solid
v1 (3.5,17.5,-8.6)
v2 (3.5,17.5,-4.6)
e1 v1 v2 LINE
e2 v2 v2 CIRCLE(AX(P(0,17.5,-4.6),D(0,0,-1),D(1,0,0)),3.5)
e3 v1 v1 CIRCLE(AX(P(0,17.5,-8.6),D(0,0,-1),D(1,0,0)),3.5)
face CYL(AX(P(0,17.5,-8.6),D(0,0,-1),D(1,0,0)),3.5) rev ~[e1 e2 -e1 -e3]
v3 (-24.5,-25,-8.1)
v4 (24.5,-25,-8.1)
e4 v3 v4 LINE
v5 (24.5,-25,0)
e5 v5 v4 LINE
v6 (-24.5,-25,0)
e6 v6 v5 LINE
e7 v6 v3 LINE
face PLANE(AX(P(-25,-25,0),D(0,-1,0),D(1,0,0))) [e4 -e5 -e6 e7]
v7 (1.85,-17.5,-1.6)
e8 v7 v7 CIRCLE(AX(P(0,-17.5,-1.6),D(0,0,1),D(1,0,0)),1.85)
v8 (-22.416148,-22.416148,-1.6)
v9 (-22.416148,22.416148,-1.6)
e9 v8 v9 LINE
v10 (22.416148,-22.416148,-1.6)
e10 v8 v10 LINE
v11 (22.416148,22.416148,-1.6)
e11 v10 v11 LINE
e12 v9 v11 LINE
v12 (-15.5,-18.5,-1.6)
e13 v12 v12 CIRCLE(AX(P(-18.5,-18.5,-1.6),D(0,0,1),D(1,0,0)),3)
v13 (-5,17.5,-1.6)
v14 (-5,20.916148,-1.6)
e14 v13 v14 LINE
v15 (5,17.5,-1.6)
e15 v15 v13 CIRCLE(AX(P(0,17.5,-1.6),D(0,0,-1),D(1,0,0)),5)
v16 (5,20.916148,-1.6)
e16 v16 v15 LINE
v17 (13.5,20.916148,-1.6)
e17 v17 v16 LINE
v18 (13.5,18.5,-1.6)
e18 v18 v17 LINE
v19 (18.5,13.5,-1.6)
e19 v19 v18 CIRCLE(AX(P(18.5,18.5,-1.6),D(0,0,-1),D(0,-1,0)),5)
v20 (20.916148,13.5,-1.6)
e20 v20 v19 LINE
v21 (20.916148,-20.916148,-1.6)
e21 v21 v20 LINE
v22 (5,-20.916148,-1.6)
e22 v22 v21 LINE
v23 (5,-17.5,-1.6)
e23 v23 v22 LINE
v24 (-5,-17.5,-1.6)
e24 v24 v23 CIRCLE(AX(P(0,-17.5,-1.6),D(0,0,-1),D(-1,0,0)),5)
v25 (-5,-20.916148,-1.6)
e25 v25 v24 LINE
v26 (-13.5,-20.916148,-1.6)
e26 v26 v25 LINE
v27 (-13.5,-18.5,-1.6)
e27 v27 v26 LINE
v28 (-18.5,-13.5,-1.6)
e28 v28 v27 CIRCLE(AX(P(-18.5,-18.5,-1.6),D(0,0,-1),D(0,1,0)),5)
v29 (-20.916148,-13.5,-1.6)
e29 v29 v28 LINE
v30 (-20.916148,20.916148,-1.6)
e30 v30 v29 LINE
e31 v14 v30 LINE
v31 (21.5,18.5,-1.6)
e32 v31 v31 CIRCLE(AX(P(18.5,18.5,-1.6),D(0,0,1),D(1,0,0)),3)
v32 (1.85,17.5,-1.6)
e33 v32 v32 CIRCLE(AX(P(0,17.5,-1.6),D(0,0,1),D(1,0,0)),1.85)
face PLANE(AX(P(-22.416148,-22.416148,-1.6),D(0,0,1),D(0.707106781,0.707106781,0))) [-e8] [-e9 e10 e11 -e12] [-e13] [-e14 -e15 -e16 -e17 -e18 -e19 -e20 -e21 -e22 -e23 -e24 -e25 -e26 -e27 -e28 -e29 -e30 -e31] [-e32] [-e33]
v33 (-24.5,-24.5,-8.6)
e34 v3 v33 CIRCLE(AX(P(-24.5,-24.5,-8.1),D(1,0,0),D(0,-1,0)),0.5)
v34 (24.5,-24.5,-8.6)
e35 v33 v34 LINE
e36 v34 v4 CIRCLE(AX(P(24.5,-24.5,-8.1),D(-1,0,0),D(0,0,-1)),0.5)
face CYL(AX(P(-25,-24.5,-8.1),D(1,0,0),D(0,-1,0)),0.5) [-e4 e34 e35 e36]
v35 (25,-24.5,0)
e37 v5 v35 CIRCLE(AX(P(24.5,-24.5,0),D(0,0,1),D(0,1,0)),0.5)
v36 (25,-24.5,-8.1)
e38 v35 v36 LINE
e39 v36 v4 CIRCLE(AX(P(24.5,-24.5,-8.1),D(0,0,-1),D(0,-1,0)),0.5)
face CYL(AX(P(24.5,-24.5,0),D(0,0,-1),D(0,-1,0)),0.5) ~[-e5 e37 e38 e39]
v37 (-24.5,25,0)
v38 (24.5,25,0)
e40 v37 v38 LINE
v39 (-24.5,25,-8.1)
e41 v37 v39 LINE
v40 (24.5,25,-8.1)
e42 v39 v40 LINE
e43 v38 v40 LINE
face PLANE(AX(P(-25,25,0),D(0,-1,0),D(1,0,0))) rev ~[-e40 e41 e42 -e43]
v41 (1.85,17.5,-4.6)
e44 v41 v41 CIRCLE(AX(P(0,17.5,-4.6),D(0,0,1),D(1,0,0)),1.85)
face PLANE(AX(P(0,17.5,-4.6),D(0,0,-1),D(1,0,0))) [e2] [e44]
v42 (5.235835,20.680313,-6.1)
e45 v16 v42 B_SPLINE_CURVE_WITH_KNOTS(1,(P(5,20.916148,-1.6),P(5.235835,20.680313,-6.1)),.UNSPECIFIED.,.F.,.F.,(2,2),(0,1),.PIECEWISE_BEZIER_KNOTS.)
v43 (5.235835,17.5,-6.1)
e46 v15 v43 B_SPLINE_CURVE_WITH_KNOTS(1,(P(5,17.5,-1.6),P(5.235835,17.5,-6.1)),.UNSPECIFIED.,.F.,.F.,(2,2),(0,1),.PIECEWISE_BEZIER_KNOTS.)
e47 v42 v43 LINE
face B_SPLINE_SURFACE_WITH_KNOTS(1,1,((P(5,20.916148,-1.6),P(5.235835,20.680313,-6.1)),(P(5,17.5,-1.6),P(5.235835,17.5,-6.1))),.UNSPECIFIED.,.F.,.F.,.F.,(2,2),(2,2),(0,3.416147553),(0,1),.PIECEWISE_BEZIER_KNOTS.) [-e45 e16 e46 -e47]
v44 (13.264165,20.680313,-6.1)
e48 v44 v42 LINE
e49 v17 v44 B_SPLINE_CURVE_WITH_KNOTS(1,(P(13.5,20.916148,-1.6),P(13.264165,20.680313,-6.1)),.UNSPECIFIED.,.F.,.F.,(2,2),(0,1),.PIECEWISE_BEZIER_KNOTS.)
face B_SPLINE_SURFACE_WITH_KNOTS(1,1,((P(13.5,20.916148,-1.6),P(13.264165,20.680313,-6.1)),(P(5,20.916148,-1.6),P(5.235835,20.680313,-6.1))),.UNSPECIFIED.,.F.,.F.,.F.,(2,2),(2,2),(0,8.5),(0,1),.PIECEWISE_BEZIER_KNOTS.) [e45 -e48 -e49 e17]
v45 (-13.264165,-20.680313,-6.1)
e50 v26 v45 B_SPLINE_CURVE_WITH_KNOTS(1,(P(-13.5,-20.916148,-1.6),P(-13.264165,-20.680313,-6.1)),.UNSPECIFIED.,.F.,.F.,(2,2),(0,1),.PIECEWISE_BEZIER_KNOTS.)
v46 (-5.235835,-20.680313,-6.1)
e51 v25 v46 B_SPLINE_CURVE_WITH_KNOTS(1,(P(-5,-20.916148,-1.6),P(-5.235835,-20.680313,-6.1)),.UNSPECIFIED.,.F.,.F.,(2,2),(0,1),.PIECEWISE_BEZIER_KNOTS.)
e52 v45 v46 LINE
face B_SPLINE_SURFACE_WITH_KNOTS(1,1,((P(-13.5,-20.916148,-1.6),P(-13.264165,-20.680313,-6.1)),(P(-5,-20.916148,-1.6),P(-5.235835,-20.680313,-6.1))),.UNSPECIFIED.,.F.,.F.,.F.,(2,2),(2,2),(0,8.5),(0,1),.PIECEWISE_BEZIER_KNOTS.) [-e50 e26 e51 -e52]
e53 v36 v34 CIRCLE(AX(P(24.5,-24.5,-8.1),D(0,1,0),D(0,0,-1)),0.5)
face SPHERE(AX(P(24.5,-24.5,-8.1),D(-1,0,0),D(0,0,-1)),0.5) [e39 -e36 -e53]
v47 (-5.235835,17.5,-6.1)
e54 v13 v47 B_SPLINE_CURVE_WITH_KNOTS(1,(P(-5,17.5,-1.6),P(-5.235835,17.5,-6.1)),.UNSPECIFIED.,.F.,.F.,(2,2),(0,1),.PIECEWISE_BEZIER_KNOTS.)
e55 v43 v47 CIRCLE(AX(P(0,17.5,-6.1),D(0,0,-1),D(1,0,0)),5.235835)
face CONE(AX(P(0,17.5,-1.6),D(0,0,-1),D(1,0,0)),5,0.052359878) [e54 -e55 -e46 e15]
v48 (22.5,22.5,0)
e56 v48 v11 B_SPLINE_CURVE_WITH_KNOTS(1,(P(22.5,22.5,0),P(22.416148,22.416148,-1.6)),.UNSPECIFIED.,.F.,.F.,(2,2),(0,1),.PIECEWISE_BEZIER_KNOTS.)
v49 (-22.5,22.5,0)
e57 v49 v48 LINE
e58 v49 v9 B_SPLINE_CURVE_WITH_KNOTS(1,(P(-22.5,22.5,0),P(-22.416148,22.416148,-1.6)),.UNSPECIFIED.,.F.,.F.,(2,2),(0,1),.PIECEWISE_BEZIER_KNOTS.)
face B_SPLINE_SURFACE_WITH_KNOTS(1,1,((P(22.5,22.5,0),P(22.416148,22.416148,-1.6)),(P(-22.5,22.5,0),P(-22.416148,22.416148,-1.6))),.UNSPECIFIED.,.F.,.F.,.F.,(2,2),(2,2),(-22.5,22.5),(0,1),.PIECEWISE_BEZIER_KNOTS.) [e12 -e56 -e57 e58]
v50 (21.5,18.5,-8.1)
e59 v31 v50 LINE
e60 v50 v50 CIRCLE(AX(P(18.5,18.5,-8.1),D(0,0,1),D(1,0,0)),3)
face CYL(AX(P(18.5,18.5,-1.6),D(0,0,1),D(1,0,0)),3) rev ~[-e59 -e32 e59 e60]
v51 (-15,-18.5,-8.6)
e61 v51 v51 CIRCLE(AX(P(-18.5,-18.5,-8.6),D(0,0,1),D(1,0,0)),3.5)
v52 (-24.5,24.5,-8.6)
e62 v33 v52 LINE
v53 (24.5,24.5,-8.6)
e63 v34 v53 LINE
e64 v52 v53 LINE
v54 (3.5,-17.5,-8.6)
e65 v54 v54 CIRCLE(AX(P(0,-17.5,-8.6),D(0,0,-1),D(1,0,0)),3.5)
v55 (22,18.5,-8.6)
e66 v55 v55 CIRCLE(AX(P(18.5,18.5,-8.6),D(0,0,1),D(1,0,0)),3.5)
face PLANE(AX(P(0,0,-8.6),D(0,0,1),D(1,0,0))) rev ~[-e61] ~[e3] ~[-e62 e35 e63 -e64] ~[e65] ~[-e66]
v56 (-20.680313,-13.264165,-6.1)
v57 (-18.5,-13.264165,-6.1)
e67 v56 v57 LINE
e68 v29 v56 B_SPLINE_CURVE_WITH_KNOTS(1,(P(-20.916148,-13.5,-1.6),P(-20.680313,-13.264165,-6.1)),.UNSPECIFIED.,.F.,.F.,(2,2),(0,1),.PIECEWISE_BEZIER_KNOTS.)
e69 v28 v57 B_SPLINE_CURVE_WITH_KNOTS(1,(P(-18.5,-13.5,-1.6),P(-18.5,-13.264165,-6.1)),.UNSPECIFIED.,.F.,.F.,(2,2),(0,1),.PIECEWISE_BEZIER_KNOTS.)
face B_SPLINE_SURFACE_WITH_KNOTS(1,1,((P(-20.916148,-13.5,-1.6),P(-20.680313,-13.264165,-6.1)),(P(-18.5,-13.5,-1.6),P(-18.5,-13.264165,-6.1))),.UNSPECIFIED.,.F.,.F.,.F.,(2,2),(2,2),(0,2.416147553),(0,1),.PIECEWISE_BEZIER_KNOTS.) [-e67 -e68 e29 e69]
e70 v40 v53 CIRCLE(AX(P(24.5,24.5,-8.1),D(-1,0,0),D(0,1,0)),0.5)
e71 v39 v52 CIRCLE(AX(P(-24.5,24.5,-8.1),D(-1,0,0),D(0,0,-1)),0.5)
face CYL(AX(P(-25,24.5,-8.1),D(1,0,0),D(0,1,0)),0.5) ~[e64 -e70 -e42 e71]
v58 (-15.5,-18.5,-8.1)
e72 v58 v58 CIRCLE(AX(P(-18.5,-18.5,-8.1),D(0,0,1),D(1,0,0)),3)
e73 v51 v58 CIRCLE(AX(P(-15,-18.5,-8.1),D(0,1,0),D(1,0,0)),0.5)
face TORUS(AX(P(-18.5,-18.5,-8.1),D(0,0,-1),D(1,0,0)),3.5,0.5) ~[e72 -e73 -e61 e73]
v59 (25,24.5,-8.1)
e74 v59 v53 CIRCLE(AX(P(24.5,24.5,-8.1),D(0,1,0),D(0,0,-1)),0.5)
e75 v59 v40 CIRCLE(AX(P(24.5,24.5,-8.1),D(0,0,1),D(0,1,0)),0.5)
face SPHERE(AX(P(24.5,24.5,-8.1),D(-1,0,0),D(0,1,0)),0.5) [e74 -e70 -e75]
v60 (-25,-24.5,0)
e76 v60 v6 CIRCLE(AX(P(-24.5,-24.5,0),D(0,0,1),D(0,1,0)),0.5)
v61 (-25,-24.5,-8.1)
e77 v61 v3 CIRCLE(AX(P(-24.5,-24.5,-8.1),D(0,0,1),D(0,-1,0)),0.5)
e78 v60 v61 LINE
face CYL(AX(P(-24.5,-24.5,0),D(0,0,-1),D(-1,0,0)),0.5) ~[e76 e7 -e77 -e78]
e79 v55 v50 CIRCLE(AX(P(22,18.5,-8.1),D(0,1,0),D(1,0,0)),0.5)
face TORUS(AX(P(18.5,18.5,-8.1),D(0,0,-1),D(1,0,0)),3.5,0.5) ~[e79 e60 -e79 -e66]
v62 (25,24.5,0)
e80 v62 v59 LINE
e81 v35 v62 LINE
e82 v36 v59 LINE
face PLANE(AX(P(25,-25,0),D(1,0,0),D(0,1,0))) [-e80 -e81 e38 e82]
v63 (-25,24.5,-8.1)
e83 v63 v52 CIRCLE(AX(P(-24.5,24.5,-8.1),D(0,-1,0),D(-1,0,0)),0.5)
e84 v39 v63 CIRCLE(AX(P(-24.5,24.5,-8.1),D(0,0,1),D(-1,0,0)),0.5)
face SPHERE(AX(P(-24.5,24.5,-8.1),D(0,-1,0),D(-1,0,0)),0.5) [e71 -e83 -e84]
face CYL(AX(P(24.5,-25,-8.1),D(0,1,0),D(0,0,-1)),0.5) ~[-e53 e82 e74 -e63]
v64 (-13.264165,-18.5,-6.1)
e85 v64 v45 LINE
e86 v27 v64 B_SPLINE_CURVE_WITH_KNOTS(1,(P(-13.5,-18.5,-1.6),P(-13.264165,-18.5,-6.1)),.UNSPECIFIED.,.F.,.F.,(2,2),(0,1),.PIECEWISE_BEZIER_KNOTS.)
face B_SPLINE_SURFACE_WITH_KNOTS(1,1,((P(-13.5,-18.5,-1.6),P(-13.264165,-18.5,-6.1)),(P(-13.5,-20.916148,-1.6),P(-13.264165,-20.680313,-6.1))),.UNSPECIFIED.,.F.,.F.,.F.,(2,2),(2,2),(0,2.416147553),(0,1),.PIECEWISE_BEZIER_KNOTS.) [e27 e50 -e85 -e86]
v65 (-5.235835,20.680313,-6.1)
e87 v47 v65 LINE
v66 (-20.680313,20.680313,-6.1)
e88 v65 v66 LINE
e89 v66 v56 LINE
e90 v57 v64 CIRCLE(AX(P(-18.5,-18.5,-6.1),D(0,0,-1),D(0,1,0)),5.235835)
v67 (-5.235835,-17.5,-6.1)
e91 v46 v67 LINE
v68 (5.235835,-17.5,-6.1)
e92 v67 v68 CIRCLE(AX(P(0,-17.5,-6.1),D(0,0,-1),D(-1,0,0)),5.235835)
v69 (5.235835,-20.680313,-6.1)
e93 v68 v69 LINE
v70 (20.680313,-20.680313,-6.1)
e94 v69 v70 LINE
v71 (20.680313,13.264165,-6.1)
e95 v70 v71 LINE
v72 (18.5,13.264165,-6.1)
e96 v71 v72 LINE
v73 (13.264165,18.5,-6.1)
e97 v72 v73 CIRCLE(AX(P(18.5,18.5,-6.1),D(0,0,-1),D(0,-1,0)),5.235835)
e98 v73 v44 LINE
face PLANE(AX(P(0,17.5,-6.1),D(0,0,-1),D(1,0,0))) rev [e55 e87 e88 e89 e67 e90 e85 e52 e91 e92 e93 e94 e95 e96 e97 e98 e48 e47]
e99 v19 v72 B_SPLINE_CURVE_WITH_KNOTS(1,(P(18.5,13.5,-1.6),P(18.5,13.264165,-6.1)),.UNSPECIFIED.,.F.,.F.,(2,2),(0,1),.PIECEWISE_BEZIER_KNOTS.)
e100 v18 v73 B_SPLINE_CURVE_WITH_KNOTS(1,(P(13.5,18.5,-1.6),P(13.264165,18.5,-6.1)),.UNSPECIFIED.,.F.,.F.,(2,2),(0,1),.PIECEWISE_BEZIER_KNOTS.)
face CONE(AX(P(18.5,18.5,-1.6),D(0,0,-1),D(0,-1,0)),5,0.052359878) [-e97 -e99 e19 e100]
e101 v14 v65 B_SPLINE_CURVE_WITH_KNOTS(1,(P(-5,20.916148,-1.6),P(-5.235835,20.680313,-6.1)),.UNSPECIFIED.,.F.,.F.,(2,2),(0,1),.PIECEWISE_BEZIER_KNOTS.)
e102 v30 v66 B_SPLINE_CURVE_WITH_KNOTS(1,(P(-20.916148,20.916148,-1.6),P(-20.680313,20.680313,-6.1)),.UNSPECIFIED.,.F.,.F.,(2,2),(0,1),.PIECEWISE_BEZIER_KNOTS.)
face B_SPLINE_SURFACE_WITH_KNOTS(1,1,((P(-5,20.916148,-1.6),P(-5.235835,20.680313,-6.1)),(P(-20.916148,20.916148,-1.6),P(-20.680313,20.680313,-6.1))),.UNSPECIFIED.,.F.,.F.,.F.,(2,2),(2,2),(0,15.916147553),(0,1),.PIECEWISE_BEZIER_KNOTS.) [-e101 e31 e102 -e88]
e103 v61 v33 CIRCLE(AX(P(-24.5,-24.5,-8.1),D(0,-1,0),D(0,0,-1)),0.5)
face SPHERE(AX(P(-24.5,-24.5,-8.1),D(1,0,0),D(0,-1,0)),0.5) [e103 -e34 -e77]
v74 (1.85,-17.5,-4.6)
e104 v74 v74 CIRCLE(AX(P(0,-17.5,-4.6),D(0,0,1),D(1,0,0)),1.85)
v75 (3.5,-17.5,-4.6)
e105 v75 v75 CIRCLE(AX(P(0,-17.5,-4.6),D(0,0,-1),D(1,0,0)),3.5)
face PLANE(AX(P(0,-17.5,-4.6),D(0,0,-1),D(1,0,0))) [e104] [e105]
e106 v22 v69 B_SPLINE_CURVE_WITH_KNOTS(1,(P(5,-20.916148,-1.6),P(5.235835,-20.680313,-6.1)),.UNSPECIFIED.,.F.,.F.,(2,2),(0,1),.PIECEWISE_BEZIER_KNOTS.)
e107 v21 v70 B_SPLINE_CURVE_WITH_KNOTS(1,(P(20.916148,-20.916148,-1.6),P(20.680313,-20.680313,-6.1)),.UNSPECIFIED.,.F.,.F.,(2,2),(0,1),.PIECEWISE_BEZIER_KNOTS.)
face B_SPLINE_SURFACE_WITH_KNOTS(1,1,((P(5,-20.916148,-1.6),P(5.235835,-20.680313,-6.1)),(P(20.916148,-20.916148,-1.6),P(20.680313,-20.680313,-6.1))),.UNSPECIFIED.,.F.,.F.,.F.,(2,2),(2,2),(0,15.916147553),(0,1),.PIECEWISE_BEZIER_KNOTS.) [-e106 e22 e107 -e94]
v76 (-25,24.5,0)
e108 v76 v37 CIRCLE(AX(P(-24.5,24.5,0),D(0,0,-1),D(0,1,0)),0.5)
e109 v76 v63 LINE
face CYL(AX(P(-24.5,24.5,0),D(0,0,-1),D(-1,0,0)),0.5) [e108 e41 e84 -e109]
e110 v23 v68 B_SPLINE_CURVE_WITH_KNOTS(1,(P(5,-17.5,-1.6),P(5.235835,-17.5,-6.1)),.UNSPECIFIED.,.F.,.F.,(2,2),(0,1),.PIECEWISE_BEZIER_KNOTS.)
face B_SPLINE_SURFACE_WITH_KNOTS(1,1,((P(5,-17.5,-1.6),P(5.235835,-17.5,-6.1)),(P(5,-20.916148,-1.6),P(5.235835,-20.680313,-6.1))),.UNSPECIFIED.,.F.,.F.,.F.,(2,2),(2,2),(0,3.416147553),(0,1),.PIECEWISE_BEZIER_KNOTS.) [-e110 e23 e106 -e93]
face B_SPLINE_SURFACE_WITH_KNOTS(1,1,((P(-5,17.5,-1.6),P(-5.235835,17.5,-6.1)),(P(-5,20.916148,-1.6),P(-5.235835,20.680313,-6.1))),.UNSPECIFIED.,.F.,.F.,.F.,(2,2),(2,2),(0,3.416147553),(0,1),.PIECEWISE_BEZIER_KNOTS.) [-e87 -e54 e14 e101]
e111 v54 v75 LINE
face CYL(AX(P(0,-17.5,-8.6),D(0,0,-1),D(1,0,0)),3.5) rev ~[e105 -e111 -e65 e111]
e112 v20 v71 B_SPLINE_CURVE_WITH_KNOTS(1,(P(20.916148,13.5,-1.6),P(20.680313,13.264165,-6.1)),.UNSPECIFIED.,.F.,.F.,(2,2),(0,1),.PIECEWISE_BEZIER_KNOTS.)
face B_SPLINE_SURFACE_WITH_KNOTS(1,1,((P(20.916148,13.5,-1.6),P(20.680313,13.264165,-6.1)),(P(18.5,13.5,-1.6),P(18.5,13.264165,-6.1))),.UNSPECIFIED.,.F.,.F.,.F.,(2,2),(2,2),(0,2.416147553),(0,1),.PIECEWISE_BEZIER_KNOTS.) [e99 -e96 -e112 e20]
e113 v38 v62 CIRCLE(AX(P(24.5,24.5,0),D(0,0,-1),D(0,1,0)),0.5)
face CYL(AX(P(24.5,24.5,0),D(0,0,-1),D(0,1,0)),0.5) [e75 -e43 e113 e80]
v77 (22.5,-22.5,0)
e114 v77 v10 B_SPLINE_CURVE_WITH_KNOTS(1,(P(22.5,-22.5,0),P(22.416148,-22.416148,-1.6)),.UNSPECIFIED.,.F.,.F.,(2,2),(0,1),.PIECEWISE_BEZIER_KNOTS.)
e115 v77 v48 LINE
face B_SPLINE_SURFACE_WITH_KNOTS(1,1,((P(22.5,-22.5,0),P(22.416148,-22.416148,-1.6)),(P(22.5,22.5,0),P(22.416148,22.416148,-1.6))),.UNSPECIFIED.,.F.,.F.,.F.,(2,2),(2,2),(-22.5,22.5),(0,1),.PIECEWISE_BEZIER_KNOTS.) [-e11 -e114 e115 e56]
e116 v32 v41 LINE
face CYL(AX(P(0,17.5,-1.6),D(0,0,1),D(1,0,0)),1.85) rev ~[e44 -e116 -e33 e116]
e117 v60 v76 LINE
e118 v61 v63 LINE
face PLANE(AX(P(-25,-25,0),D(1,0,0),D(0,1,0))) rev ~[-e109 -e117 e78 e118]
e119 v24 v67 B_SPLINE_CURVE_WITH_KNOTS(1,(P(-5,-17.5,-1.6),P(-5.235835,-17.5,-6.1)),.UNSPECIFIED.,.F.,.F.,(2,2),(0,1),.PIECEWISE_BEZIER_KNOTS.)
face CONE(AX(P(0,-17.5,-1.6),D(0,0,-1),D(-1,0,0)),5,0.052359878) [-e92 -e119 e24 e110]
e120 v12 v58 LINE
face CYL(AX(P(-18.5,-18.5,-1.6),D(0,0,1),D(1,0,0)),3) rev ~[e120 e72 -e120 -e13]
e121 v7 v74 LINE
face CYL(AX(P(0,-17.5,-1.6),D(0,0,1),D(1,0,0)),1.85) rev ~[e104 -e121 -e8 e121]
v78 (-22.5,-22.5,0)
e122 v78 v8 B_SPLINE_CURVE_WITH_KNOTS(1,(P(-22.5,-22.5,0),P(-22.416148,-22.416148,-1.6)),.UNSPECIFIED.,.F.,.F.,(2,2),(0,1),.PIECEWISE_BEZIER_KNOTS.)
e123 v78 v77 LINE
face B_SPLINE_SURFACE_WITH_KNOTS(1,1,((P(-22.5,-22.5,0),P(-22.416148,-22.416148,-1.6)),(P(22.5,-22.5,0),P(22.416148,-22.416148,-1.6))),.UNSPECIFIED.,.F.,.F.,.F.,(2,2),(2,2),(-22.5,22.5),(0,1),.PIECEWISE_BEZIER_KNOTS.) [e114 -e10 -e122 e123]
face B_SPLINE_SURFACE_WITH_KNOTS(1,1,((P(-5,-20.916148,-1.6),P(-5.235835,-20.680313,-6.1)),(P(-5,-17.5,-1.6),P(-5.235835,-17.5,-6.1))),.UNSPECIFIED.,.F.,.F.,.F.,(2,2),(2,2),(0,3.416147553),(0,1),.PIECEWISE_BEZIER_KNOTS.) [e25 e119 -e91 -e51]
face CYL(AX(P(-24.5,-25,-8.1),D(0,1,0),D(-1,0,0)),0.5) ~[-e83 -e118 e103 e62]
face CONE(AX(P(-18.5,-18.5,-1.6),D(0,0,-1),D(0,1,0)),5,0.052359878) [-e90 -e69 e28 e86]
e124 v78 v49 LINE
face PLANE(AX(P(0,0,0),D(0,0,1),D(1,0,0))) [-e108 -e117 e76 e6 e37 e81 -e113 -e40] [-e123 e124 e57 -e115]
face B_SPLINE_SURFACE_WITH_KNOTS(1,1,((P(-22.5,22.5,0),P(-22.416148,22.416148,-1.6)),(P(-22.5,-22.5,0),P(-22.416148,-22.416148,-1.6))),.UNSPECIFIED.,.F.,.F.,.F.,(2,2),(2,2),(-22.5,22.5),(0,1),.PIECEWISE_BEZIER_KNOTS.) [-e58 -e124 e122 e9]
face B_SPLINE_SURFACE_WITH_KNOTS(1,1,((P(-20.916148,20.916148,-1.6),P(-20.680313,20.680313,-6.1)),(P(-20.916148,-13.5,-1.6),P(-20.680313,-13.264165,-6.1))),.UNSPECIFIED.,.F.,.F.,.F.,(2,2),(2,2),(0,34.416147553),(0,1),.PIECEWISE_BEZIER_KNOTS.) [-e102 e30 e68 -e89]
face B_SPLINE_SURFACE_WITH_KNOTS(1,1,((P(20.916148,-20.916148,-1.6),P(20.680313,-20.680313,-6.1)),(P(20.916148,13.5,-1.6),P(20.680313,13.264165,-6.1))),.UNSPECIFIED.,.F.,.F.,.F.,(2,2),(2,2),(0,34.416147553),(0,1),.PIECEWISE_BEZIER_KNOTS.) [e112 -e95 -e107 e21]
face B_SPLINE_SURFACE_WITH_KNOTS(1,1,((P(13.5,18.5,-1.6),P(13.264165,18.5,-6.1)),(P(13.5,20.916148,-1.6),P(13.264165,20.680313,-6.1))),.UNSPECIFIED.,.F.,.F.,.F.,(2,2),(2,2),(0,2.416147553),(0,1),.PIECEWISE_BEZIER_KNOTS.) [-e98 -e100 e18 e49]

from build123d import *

# Parameters (mm, degrees)
F0_W     = 50
F0_H     = 50
F1_DEPTH = 8.6
F2_W     = 45
F2_H     = 45
F3_DEPTH = 1.6
F3_TAPER = 3
F5_DEPTH = 4.5
F5_TAPER = 3
F6_R     = 1.85
F6_R_2   = 3
F7_DEPTH = 7
F8_R     = 3.5
F9_DEPTH = 4
F10_R    = 0.5


with BuildPart() as f1:
    # F0 (on Top) → F1 (new body)
    with BuildSketch(Plane.XY):
        Rectangle(F0_W, F0_H)
    extrude(amount=-F1_DEPTH)

    # F2 (on face) → F3 (cut)
    with BuildSketch(Plane.XY):
        Rectangle(F2_W, F2_H)
    extrude(amount=-F3_DEPTH, taper=F3_TAPER, mode=Mode.SUBTRACT)

    # F4 (on face) → F5 (cut)
    with BuildSketch(Plane.XY.offset(-1.6)):
        with BuildLine():
            Line((13.5, 18.5), (13.5, 20.9161475531))
            Line((13.5, 20.9161475531), (5, 20.9161475531))
            Line((5, 20.9161475531), (5, 17.5))
            ThreePointArc((5, 17.5), (0, 12.5), (-5, 17.5))
            Line((-5, 17.5), (-5, 20.9161475531))
            Line((-5, 20.9161475531), (-20.9161475531, 20.9161475531))
            Line((-20.9161475531, 20.9161475531), (-20.9161475531, -13.5))
            Line((-20.9161475531, -13.5), (-18.5, -13.5))
            ThreePointArc((-18.5, -13.5), (-14.9644660941, -14.9644660941), (-13.5, -18.5))
            Line((-13.5, -18.5), (-13.5, -20.9161475531))
            Line((-13.5, -20.9161475531), (-5, -20.9161475531))
            Line((-5, -20.9161475531), (-5, -17.5))
            ThreePointArc((-5, -17.5), (0, -12.5), (5, -17.5))
            Line((5, -17.5), (5, -20.9161475531))
            Line((5, -20.9161475531), (20.9161475531, -20.9161475531))
            Line((20.9161475531, -20.9161475531), (20.9161475531, 13.5))
            Line((20.9161475531, 13.5), (18.5, 13.5))
            ThreePointArc((18.5, 13.5), (14.9644660941, 14.9644660941), (13.5, 18.5))
        make_face()
    extrude(amount=-F5_DEPTH, taper=F5_TAPER, mode=Mode.SUBTRACT)

    # F6 (on face) → F7 (cut, through all)
    with BuildSketch(Plane.XY.offset(-1.6)):
        with Locations((0, 17.5)):
            Circle(F6_R)
        with Locations((18.5, 18.5)):
            Circle(F6_R_2)
        with Locations((0, -17.5)):
            Circle(F6_R)
        with Locations((-18.5, -18.5)):
            Circle(F6_R_2)
    extrude(amount=-F7_DEPTH, mode=Mode.SUBTRACT)

    # F8 (on face) → F9 (cut)
    with BuildSketch(Plane(origin=(0, 0, -8.6), x_dir=(1, 0, 0), z_dir=(0, 0, -1))):
        with Locations((0, 17.5)):
            Circle(F8_R)
        with Locations((0, -17.5)):
            Circle(F8_R)
    extrude(amount=-F9_DEPTH, mode=Mode.SUBTRACT)

    # F10
    f10_edges = [f1.edges().sort_by_distance(p)[0] for p in [
        (0, -25, -8.6),
        (-25, -25, -4.3),
        (-25, 0, -8.6),
        (-21.5, -18.5, -8.6),
        (15.5, 18.5, -8.6),
        (-25, 25, -4.3),
        (0, 25, -8.6),
        (25, 25, -4.3),
        (25, 0, -8.6),
        (25, -25, -4.3),
    ]]
    fillet(f10_edges, radius=F10_R)


solid = f1.part
